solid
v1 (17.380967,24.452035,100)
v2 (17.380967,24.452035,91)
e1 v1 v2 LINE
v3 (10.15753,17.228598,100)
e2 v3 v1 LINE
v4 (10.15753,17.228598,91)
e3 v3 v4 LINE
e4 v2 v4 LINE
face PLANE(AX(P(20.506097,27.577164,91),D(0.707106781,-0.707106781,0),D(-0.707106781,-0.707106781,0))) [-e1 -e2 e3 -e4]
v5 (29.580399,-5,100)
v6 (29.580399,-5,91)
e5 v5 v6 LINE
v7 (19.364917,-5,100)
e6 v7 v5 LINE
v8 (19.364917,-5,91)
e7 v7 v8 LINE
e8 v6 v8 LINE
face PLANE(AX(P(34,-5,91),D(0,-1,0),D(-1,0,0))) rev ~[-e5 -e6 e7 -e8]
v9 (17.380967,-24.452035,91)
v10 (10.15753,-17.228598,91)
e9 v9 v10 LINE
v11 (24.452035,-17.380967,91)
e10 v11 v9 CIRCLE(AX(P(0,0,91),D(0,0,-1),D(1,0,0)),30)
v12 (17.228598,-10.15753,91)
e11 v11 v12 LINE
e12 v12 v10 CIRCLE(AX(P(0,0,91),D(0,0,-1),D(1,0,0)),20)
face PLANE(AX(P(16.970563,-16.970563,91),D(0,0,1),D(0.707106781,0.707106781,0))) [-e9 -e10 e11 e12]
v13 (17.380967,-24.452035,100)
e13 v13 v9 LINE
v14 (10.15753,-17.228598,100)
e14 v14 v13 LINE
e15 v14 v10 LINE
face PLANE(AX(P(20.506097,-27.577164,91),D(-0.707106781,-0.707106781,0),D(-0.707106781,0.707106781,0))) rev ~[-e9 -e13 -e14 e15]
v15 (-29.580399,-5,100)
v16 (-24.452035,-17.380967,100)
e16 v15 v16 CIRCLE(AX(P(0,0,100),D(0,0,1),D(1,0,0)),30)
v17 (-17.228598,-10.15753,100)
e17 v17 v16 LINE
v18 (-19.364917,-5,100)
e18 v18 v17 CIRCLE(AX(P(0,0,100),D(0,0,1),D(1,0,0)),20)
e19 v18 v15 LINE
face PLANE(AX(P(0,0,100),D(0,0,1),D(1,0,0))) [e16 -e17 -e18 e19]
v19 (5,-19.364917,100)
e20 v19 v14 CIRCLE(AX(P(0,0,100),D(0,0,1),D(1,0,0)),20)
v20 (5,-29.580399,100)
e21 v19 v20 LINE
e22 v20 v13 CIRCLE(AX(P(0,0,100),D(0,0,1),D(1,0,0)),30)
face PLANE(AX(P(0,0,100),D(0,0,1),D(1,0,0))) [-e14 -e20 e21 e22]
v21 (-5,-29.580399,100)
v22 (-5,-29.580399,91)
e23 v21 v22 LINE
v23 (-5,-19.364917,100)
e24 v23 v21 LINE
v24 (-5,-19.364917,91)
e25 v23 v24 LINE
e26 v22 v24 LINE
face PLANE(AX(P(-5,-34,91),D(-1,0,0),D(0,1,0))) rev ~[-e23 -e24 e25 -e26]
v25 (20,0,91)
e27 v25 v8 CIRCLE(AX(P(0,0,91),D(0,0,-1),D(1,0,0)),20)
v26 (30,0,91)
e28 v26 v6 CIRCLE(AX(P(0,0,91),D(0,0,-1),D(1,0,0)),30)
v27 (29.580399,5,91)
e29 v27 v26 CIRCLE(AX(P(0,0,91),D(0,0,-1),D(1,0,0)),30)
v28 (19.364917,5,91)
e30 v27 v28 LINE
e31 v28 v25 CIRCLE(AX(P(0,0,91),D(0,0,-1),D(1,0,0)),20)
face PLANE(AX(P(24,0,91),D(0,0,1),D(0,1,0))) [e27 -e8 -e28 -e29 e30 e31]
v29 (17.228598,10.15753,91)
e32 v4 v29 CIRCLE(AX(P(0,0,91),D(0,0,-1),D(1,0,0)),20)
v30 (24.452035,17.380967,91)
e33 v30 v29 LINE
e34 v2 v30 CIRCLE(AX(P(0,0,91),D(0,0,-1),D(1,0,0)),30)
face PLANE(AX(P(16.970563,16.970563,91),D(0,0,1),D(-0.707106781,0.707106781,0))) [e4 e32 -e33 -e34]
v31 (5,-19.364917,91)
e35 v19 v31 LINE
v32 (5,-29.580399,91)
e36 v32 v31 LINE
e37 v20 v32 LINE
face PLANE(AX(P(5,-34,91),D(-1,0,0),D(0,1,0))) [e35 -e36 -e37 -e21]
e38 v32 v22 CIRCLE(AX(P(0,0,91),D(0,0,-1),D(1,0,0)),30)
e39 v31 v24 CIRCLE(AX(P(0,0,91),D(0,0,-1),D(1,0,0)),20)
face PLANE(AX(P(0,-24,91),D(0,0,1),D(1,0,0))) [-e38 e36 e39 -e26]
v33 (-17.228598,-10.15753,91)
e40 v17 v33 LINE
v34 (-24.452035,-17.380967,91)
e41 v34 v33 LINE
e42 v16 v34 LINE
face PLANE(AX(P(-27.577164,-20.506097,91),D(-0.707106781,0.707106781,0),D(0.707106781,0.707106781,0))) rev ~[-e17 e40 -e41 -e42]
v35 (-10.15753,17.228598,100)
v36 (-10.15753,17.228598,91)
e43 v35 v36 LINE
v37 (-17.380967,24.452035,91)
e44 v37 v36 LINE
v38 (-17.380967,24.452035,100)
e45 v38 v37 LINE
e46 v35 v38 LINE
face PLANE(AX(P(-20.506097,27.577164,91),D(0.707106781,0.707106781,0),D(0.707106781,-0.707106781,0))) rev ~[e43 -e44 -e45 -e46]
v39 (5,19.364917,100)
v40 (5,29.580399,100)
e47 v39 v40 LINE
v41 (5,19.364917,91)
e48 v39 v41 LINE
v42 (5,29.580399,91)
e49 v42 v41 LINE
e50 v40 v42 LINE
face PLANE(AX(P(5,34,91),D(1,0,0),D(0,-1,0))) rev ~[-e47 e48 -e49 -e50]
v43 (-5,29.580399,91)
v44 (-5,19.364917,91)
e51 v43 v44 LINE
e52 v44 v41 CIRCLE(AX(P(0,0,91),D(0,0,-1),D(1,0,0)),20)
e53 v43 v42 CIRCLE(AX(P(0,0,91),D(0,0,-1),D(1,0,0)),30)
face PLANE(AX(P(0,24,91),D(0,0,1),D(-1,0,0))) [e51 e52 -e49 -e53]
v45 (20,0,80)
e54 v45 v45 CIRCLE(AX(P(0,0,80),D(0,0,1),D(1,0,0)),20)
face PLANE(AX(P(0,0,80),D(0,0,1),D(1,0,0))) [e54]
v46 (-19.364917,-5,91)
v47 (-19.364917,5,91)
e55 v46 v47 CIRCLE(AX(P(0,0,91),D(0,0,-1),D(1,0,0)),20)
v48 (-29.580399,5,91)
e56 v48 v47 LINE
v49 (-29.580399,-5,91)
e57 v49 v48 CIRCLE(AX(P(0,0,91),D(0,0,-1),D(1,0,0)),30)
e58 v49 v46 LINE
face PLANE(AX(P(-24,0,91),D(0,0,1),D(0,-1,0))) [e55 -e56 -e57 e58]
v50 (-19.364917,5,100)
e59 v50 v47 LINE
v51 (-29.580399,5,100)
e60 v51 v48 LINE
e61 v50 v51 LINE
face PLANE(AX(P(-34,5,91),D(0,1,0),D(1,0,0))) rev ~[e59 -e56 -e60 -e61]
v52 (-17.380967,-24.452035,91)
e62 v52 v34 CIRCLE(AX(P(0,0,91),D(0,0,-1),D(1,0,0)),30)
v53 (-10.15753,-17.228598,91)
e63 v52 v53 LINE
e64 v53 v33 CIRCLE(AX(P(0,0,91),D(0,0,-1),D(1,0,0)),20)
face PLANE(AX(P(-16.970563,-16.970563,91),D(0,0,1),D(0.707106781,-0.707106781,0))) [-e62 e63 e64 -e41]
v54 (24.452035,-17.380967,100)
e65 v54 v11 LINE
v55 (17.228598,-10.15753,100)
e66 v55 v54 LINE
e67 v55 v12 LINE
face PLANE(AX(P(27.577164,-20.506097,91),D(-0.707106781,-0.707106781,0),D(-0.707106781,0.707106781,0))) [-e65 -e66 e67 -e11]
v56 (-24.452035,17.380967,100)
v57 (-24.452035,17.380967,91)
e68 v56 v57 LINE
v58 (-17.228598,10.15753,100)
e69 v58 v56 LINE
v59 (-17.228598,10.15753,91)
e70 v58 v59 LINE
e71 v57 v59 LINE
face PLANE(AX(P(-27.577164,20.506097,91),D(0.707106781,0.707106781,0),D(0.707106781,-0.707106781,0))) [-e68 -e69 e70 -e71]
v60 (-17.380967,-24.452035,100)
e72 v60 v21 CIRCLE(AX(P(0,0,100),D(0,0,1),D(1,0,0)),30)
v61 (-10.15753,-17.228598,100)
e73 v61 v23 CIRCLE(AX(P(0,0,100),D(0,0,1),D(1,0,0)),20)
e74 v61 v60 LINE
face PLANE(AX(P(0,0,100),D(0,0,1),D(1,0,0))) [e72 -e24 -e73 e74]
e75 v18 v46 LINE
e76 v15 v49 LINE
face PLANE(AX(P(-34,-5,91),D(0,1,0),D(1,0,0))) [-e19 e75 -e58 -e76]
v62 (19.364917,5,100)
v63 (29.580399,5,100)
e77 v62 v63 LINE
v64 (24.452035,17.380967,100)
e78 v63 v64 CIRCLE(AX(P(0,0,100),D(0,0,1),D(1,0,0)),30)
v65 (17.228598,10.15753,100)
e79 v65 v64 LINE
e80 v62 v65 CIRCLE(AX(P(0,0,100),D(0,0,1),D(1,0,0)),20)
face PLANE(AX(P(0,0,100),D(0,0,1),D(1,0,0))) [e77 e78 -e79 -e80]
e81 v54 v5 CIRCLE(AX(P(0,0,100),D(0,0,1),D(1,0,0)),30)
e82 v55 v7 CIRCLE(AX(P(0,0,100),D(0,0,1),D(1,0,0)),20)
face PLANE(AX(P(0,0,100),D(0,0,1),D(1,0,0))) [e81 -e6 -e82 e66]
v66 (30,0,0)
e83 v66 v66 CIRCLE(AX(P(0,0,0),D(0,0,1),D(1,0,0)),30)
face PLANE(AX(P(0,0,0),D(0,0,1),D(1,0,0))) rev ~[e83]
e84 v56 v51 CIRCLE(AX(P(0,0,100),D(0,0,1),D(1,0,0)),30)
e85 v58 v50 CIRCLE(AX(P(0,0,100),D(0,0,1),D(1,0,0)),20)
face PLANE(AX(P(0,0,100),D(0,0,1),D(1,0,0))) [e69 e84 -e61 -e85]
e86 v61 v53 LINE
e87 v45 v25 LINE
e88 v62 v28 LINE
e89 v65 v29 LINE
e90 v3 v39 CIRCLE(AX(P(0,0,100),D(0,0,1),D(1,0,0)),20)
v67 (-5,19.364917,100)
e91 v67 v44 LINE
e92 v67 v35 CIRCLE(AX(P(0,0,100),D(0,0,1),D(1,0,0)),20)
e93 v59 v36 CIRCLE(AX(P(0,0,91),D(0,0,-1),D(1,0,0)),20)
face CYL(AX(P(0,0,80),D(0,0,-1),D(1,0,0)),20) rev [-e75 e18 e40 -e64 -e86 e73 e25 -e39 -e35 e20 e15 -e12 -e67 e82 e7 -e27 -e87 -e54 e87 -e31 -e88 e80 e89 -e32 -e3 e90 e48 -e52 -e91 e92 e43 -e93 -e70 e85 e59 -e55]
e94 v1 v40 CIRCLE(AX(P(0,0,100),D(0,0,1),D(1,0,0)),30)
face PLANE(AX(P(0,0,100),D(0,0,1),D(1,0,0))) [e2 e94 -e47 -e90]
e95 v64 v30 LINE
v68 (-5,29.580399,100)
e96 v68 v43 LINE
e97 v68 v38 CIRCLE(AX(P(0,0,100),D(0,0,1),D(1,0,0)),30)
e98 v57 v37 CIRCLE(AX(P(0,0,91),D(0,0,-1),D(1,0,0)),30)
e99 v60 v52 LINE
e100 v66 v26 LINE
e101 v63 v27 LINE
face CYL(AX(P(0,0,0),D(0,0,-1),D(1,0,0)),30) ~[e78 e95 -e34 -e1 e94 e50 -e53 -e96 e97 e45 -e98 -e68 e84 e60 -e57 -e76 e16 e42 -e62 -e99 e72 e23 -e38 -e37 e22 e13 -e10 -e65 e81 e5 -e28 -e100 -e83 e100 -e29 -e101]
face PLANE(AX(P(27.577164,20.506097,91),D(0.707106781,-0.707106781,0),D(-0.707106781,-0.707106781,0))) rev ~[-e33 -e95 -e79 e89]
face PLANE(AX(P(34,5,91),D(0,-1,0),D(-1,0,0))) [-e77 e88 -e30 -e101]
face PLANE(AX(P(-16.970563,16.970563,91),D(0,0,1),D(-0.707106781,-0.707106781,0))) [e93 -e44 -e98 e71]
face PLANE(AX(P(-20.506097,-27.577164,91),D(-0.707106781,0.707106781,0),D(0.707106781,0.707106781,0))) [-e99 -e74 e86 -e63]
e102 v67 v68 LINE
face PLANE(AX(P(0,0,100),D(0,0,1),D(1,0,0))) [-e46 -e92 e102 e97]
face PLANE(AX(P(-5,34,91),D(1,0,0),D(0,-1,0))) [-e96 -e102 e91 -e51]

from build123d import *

# Parameters (mm, degrees)
BOX_W             = 10
BOX_H             = 20
BOX_DEPTH         = 10
ARRAY_COUNT       = 8
CYLINDER001_R     = 20
CYLINDER001_DEPTH = 20
CYLINDER_R        = 30
CYLINDER_DEPTH    = 100


with BuildPart() as array:
    # Box → Box (new body)
    with BuildSketch(Plane(origin=(-5, -34, 91), x_dir=(1, 0, 0), z_dir=(0, 0, 1))):
        with Locations((5, 10)):
            Rectangle(BOX_W, BOX_H)
    extrude(amount=BOX_DEPTH)

    # Array: Array ×8 about axis
    array_axis = Axis((0, 0, 0), (0, 0, 1))


with BuildPart() as array_1:
    add(array.part)
    for i in range(1, ARRAY_COUNT):
        add(array.part.rotate(array_axis, i * 360 / ARRAY_COUNT))


with BuildPart() as cilindre001:
    # Cylinder001 → Cylinder001 (new body)
    with BuildSketch(Plane.XY.offset(80)):
        Circle(CYLINDER001_R)
    extrude(amount=CYLINDER001_DEPTH)


with BuildPart() as torre:
    # Cylinder → Cylinder (new body)
    with BuildSketch(Plane.XY):
        Circle(CYLINDER_R)
    extrude(amount=CYLINDER_DEPTH)

    # Cut: cut Cilindre001
    add(cilindre001.part, mode=Mode.SUBTRACT)

    # Cut001: cut Array
    add(array_1.part, mode=Mode.SUBTRACT)


solid = torre.part
